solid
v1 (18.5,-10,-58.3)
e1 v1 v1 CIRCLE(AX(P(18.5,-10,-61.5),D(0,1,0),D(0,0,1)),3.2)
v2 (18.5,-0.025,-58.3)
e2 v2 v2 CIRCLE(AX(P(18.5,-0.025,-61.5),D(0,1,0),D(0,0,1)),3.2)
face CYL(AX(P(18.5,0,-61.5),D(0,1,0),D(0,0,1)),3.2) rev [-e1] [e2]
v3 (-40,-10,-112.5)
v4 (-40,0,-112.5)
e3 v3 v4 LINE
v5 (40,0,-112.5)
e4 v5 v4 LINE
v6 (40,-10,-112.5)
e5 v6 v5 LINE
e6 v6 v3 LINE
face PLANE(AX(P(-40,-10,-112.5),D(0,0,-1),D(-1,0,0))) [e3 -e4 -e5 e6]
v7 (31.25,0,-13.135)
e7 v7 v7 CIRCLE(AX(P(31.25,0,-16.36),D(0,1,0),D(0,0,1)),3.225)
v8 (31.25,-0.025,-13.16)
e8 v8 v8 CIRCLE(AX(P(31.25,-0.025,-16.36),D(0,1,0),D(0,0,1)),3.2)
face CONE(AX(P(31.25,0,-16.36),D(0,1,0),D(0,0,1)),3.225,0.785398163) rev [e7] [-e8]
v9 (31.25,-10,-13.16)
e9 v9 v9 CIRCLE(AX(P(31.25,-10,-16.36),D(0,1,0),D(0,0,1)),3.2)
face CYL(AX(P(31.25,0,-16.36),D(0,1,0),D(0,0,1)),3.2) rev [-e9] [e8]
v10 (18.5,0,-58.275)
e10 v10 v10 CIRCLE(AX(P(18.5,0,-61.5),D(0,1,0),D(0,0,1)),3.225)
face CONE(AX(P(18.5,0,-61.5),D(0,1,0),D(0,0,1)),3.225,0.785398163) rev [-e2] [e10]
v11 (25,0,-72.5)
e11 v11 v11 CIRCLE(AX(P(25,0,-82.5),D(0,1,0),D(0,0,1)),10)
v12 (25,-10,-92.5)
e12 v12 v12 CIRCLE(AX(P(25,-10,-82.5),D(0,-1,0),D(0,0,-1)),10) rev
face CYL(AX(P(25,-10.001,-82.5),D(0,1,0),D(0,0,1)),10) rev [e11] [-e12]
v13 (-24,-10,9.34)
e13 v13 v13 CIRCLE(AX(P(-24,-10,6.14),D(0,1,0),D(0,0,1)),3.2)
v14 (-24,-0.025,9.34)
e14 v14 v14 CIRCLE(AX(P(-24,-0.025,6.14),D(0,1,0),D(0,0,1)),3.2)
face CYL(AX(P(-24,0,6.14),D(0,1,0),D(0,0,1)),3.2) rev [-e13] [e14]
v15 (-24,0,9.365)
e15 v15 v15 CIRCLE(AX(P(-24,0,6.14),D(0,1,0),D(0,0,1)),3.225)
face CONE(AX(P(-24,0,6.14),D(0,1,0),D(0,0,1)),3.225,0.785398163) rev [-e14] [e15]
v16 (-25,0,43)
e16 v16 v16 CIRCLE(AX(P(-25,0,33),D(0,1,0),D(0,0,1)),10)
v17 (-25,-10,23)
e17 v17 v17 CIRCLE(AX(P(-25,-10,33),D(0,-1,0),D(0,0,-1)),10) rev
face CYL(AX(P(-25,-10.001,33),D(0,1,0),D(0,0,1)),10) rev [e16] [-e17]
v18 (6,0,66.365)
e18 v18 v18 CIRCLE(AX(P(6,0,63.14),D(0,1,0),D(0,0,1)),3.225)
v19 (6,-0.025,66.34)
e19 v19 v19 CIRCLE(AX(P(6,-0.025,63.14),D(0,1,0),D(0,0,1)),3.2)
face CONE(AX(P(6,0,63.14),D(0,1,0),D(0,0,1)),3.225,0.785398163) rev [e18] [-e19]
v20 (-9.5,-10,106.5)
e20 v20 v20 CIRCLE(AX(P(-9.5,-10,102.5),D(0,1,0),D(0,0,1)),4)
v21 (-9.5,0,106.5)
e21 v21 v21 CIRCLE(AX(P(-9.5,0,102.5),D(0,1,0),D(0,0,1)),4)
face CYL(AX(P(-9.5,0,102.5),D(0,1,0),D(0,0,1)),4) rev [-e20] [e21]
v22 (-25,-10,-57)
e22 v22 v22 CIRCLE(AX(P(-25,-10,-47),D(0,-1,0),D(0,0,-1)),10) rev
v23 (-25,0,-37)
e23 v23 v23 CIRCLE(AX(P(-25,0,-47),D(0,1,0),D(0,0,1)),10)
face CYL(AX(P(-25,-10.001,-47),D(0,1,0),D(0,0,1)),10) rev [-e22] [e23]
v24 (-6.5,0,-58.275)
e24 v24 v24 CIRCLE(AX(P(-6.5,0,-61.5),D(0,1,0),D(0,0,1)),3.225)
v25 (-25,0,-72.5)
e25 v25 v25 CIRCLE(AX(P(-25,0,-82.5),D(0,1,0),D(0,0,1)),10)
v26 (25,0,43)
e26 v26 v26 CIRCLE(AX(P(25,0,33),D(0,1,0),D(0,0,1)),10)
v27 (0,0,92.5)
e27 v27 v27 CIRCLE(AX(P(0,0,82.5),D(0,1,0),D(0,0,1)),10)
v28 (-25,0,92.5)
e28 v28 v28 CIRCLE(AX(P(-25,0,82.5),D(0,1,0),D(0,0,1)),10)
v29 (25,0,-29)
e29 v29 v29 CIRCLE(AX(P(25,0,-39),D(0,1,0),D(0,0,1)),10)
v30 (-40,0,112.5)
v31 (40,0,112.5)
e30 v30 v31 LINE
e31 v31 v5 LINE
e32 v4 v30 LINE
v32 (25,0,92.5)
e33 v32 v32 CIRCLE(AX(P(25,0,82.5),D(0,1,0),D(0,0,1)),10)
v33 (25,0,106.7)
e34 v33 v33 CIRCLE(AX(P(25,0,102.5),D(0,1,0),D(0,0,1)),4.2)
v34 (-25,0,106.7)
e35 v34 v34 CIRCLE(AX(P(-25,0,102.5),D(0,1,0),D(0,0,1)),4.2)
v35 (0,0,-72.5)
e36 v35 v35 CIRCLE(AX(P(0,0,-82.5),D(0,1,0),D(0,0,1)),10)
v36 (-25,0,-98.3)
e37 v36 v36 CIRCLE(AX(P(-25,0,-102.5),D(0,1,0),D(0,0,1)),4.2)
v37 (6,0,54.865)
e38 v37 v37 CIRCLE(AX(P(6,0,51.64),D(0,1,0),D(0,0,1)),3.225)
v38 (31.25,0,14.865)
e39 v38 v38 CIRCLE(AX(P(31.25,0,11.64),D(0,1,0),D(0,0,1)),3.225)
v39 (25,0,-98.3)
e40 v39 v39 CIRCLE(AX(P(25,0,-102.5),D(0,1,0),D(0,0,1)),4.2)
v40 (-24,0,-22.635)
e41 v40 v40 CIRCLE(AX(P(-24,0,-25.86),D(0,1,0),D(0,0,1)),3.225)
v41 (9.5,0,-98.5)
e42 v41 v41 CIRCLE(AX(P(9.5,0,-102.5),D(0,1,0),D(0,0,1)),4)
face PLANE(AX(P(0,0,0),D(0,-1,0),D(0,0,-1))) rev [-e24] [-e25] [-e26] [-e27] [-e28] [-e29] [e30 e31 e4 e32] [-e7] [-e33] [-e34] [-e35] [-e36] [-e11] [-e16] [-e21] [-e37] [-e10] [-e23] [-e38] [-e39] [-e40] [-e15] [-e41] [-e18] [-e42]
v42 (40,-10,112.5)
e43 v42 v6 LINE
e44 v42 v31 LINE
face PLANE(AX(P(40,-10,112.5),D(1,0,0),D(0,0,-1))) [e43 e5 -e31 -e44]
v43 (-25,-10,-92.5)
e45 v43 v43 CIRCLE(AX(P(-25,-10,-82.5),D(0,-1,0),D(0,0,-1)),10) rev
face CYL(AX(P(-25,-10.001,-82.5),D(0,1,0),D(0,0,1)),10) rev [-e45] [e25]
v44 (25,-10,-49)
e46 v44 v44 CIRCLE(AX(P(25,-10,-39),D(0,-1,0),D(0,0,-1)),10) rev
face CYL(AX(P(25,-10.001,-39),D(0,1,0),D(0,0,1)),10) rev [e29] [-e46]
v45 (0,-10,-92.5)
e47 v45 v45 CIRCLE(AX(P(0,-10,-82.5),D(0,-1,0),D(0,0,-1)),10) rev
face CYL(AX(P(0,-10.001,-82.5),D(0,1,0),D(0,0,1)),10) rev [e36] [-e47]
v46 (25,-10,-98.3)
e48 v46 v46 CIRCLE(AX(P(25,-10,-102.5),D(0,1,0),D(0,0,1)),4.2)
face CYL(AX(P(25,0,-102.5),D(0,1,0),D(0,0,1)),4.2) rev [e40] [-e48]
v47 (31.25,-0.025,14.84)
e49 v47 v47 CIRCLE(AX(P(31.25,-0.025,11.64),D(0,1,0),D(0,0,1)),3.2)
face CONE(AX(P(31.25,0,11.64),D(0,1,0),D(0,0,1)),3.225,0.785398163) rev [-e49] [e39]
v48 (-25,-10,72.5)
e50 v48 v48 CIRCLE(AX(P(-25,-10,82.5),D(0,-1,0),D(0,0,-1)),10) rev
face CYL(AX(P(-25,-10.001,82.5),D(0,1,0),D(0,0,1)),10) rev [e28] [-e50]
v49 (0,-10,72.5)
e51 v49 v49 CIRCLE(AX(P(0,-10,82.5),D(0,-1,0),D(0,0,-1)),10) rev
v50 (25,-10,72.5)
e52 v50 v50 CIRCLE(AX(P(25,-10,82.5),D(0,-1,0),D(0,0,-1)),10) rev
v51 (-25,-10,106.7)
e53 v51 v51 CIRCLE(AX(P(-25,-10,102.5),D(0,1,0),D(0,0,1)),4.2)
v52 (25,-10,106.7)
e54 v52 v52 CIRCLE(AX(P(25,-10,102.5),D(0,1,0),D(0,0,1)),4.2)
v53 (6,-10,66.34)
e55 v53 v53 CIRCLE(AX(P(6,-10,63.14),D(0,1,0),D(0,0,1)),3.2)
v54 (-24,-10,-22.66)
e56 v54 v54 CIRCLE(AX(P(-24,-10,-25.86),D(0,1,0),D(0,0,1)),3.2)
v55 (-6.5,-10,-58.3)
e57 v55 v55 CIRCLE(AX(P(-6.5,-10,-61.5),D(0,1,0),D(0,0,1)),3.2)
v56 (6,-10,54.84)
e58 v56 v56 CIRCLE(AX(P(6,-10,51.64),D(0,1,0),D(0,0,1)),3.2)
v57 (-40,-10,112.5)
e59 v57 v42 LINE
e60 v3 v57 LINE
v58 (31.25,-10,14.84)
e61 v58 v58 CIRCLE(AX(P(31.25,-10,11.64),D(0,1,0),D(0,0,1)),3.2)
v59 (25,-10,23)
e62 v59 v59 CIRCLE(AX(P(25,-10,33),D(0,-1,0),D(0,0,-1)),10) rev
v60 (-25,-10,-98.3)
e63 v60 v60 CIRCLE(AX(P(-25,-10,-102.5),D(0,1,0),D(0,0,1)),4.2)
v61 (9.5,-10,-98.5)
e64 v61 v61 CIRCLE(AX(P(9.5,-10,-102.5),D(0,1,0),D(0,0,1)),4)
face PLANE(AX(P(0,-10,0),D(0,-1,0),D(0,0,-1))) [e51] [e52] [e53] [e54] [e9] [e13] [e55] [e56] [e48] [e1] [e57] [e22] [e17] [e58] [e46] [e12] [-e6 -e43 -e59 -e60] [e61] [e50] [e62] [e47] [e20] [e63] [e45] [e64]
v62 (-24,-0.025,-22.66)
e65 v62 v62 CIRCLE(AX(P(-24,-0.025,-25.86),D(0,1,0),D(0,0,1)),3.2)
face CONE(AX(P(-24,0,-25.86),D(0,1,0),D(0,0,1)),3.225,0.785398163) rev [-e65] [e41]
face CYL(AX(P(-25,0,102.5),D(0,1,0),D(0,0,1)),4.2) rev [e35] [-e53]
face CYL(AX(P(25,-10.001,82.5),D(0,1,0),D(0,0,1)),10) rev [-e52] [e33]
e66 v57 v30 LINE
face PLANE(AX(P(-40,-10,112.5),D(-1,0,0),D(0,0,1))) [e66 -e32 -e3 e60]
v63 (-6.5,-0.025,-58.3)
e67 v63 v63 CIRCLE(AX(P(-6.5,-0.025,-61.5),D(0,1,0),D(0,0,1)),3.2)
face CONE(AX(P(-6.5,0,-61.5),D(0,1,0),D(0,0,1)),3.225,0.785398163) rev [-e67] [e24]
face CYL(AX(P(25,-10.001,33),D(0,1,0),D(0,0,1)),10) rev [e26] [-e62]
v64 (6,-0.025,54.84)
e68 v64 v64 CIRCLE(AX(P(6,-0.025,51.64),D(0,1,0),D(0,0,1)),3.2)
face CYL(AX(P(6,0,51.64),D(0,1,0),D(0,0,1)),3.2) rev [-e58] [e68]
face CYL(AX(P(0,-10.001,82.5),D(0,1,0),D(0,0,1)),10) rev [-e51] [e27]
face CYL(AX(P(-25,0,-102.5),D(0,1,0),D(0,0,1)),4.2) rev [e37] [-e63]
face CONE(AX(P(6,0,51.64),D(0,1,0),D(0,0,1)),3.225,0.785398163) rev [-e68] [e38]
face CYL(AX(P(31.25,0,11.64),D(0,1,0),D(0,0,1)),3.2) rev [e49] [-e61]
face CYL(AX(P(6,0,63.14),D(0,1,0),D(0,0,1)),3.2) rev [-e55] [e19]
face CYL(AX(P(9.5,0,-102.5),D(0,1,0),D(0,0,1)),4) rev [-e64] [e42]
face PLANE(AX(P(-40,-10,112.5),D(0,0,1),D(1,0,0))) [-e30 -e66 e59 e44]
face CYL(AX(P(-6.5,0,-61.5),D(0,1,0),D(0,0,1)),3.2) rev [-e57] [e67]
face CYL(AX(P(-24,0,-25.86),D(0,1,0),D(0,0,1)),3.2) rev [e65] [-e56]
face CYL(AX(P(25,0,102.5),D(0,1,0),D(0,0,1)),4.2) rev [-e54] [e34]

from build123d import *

# Parameters (mm, degrees)
SKETCH1_W                      = 80
SKETCH1_H                      = 225
BOSS_EXTRUDE1_DEPTH            = 10
CUT_EXTRUDE1_REACH             = 121.818
SKETCH2_R                      = 10
M8_CLEARANCE_HOLE1_D           = 8.4
F_8_0MM_DOWEL_HOLE1_D          = 8
M6_CLEARANCE_HOLE1_D           = 6.4
M6_CLEARANCE_HOLE1_CSINK_D     = 6.45
M6_CLEARANCE_HOLE1_CSINK_ANGLE = 90


with BuildPart() as part:
    # Sketch1 → Boss-Extrude1 (new body)
    with BuildSketch(Plane(origin=(0, 0, 0), x_dir=(1, 0, 0), z_dir=(0, 1, 0))):
        Rectangle(SKETCH1_W, SKETCH1_H)
    extrude(amount=-BOSS_EXTRUDE1_DEPTH)

    # Sketch2 → Cut-Extrude1 (cut, up to next)
    with BuildSketch(Plane(origin=(0, 0, 0), x_dir=(1, 0, 0), z_dir=(0, 1, 0)), mode=Mode.PRIVATE) as cut_extrude1_sk1:
        with Locations(Location((25, -82.5, 0), (0, 0, 270))):
            Circle(SKETCH2_R)
    cut_extrude1_tool1 = extrude(cut_extrude1_sk1.sketch, amount=-CUT_EXTRUDE1_REACH, mode=Mode.PRIVATE) & part.part
    # Sketch2 → Cut-Extrude1 (cut, up to next)
    with BuildSketch(Plane(origin=(0, 0, 0), x_dir=(1, 0, 0), z_dir=(0, 1, 0)), mode=Mode.PRIVATE) as cut_extrude1_sk2:
        with Locations(Location((0, -82.5, 0), (0, 0, 270))):
            Circle(SKETCH2_R)
    cut_extrude1_tool2 = extrude(cut_extrude1_sk2.sketch, amount=-CUT_EXTRUDE1_REACH, mode=Mode.PRIVATE) & part.part
    # Sketch2 → Cut-Extrude1 (cut, up to next)
    with BuildSketch(Plane(origin=(0, 0, 0), x_dir=(1, 0, 0), z_dir=(0, 1, 0)), mode=Mode.PRIVATE) as cut_extrude1_sk3:
        with Locations(Location((-25, -82.5, 0), (0, 0, 270))):
            Circle(SKETCH2_R)
    cut_extrude1_tool3 = extrude(cut_extrude1_sk3.sketch, amount=-CUT_EXTRUDE1_REACH, mode=Mode.PRIVATE) & part.part
    # Sketch2 → Cut-Extrude1 (cut, up to next)
    with BuildSketch(Plane(origin=(0, 0, 0), x_dir=(1, 0, 0), z_dir=(0, 1, 0)), mode=Mode.PRIVATE) as cut_extrude1_sk4:
        with Locations(Location((25, -33, 0), (0, 0, 270))):
            Circle(SKETCH2_R)
    cut_extrude1_tool4 = extrude(cut_extrude1_sk4.sketch, amount=-CUT_EXTRUDE1_REACH, mode=Mode.PRIVATE) & part.part
    # Sketch2 → Cut-Extrude1 (cut, up to next)
    with BuildSketch(Plane(origin=(0, 0, 0), x_dir=(1, 0, 0), z_dir=(0, 1, 0)), mode=Mode.PRIVATE) as cut_extrude1_sk5:
        with Locations(Location((-25, -33, 0), (0, 0, 270))):
            Circle(SKETCH2_R)
    cut_extrude1_tool5 = extrude(cut_extrude1_sk5.sketch, amount=-CUT_EXTRUDE1_REACH, mode=Mode.PRIVATE) & part.part
    # Sketch2 → Cut-Extrude1 (cut, up to next)
    with BuildSketch(Plane(origin=(0, 0, 0), x_dir=(1, 0, 0), z_dir=(0, 1, 0)), mode=Mode.PRIVATE) as cut_extrude1_sk6:
        with Locations(Location((25, 39, 0), (0, 0, 270))):
            Circle(SKETCH2_R)
    cut_extrude1_tool6 = extrude(cut_extrude1_sk6.sketch, amount=-CUT_EXTRUDE1_REACH, mode=Mode.PRIVATE) & part.part
    # Sketch2 → Cut-Extrude1 (cut, up to next)
    with BuildSketch(Plane(origin=(0, 0, 0), x_dir=(1, 0, 0), z_dir=(0, 1, 0)), mode=Mode.PRIVATE) as cut_extrude1_sk7:
        with Locations(Location((-25, 47, 0), (0, 0, 270))):
            Circle(SKETCH2_R)
    cut_extrude1_tool7 = extrude(cut_extrude1_sk7.sketch, amount=-CUT_EXTRUDE1_REACH, mode=Mode.PRIVATE) & part.part
    # Sketch2 → Cut-Extrude1 (cut, up to next)
    with BuildSketch(Plane(origin=(0, 0, 0), x_dir=(1, 0, 0), z_dir=(0, 1, 0)), mode=Mode.PRIVATE) as cut_extrude1_sk8:
        with Locations(Location((-25, 82.5, 0), (0, 0, 270))):
            Circle(SKETCH2_R)
    cut_extrude1_tool8 = extrude(cut_extrude1_sk8.sketch, amount=-CUT_EXTRUDE1_REACH, mode=Mode.PRIVATE) & part.part
    # Sketch2 → Cut-Extrude1 (cut, up to next)
    with BuildSketch(Plane(origin=(0, 0, 0), x_dir=(1, 0, 0), z_dir=(0, 1, 0)), mode=Mode.PRIVATE) as cut_extrude1_sk9:
        with Locations(Location((0, 82.5, 0), (0, 0, 270))):
            Circle(SKETCH2_R)
    cut_extrude1_tool9 = extrude(cut_extrude1_sk9.sketch, amount=-CUT_EXTRUDE1_REACH, mode=Mode.PRIVATE) & part.part
    # Sketch2 → Cut-Extrude1 (cut, up to next)
    with BuildSketch(Plane(origin=(0, 0, 0), x_dir=(1, 0, 0), z_dir=(0, 1, 0)), mode=Mode.PRIVATE) as cut_extrude1_sk10:
        with Locations(Location((25, 82.5, 0), (0, 0, 270))):
            Circle(SKETCH2_R)
    cut_extrude1_tool10 = extrude(cut_extrude1_sk10.sketch, amount=-CUT_EXTRUDE1_REACH, mode=Mode.PRIVATE) & part.part
    add(cut_extrude1_tool1.solids().sort_by_distance((25, 0, 82.5))[0], mode=Mode.SUBTRACT)
    add(cut_extrude1_tool2.solids().sort_by_distance((0, 0, 82.5))[0], mode=Mode.SUBTRACT)
    add(cut_extrude1_tool3.solids().sort_by_distance((-25, 0, 82.5))[0], mode=Mode.SUBTRACT)
    add(cut_extrude1_tool4.solids().sort_by_distance((25, 0, 33))[0], mode=Mode.SUBTRACT)
    add(cut_extrude1_tool5.solids().sort_by_distance((-25, 0, 33))[0], mode=Mode.SUBTRACT)
    add(cut_extrude1_tool6.solids().sort_by_distance((25, 0, -39))[0], mode=Mode.SUBTRACT)
    add(cut_extrude1_tool7.solids().sort_by_distance((-25, 0, -47))[0], mode=Mode.SUBTRACT)
    add(cut_extrude1_tool8.solids().sort_by_distance((-25, 0, -82.5))[0], mode=Mode.SUBTRACT)
    add(cut_extrude1_tool9.solids().sort_by_distance((0, 0, -82.5))[0], mode=Mode.SUBTRACT)
    add(cut_extrude1_tool10.solids().sort_by_distance((25, 0, -82.5))[0], mode=Mode.SUBTRACT)

    # M8 Clearance Hole1 (through all)
    with Locations(Plane(origin=(0, 0, 0), x_dir=(1, 0, 0), z_dir=(0, 1, 0))):
        with Locations((25, -102.5), (-25, -102.5), (25, 102.5), (-25, 102.5)):
            Hole(M8_CLEARANCE_HOLE1_D / 2)

    # Ø8.0mm Dowel Hole1 (through all)
    with Locations(Plane(origin=(0, 0, 0), x_dir=(1, 0, 0), z_dir=(0, 1, 0))):
        with Locations((-9.5, -102.5), (9.5, 102.5)):
            Hole(F_8_0MM_DOWEL_HOLE1_D / 2)

    # M6 Clearance Hole1 (through all)
    with Locations(Plane(origin=(0, 0, 0), x_dir=(1, 0, 0), z_dir=(0, 1, 0))):
        with Locations((-24, -6.14), (-24, 25.86), (31.25, -11.64), (31.25, 16.36), (18.5, 61.5), (-6.5, 61.5), (6, -51.64), (6, -63.14)):
            CounterSinkHole(M6_CLEARANCE_HOLE1_D / 2, M6_CLEARANCE_HOLE1_CSINK_D / 2, counter_sink_angle=M6_CLEARANCE_HOLE1_CSINK_ANGLE)


solid = part.part
